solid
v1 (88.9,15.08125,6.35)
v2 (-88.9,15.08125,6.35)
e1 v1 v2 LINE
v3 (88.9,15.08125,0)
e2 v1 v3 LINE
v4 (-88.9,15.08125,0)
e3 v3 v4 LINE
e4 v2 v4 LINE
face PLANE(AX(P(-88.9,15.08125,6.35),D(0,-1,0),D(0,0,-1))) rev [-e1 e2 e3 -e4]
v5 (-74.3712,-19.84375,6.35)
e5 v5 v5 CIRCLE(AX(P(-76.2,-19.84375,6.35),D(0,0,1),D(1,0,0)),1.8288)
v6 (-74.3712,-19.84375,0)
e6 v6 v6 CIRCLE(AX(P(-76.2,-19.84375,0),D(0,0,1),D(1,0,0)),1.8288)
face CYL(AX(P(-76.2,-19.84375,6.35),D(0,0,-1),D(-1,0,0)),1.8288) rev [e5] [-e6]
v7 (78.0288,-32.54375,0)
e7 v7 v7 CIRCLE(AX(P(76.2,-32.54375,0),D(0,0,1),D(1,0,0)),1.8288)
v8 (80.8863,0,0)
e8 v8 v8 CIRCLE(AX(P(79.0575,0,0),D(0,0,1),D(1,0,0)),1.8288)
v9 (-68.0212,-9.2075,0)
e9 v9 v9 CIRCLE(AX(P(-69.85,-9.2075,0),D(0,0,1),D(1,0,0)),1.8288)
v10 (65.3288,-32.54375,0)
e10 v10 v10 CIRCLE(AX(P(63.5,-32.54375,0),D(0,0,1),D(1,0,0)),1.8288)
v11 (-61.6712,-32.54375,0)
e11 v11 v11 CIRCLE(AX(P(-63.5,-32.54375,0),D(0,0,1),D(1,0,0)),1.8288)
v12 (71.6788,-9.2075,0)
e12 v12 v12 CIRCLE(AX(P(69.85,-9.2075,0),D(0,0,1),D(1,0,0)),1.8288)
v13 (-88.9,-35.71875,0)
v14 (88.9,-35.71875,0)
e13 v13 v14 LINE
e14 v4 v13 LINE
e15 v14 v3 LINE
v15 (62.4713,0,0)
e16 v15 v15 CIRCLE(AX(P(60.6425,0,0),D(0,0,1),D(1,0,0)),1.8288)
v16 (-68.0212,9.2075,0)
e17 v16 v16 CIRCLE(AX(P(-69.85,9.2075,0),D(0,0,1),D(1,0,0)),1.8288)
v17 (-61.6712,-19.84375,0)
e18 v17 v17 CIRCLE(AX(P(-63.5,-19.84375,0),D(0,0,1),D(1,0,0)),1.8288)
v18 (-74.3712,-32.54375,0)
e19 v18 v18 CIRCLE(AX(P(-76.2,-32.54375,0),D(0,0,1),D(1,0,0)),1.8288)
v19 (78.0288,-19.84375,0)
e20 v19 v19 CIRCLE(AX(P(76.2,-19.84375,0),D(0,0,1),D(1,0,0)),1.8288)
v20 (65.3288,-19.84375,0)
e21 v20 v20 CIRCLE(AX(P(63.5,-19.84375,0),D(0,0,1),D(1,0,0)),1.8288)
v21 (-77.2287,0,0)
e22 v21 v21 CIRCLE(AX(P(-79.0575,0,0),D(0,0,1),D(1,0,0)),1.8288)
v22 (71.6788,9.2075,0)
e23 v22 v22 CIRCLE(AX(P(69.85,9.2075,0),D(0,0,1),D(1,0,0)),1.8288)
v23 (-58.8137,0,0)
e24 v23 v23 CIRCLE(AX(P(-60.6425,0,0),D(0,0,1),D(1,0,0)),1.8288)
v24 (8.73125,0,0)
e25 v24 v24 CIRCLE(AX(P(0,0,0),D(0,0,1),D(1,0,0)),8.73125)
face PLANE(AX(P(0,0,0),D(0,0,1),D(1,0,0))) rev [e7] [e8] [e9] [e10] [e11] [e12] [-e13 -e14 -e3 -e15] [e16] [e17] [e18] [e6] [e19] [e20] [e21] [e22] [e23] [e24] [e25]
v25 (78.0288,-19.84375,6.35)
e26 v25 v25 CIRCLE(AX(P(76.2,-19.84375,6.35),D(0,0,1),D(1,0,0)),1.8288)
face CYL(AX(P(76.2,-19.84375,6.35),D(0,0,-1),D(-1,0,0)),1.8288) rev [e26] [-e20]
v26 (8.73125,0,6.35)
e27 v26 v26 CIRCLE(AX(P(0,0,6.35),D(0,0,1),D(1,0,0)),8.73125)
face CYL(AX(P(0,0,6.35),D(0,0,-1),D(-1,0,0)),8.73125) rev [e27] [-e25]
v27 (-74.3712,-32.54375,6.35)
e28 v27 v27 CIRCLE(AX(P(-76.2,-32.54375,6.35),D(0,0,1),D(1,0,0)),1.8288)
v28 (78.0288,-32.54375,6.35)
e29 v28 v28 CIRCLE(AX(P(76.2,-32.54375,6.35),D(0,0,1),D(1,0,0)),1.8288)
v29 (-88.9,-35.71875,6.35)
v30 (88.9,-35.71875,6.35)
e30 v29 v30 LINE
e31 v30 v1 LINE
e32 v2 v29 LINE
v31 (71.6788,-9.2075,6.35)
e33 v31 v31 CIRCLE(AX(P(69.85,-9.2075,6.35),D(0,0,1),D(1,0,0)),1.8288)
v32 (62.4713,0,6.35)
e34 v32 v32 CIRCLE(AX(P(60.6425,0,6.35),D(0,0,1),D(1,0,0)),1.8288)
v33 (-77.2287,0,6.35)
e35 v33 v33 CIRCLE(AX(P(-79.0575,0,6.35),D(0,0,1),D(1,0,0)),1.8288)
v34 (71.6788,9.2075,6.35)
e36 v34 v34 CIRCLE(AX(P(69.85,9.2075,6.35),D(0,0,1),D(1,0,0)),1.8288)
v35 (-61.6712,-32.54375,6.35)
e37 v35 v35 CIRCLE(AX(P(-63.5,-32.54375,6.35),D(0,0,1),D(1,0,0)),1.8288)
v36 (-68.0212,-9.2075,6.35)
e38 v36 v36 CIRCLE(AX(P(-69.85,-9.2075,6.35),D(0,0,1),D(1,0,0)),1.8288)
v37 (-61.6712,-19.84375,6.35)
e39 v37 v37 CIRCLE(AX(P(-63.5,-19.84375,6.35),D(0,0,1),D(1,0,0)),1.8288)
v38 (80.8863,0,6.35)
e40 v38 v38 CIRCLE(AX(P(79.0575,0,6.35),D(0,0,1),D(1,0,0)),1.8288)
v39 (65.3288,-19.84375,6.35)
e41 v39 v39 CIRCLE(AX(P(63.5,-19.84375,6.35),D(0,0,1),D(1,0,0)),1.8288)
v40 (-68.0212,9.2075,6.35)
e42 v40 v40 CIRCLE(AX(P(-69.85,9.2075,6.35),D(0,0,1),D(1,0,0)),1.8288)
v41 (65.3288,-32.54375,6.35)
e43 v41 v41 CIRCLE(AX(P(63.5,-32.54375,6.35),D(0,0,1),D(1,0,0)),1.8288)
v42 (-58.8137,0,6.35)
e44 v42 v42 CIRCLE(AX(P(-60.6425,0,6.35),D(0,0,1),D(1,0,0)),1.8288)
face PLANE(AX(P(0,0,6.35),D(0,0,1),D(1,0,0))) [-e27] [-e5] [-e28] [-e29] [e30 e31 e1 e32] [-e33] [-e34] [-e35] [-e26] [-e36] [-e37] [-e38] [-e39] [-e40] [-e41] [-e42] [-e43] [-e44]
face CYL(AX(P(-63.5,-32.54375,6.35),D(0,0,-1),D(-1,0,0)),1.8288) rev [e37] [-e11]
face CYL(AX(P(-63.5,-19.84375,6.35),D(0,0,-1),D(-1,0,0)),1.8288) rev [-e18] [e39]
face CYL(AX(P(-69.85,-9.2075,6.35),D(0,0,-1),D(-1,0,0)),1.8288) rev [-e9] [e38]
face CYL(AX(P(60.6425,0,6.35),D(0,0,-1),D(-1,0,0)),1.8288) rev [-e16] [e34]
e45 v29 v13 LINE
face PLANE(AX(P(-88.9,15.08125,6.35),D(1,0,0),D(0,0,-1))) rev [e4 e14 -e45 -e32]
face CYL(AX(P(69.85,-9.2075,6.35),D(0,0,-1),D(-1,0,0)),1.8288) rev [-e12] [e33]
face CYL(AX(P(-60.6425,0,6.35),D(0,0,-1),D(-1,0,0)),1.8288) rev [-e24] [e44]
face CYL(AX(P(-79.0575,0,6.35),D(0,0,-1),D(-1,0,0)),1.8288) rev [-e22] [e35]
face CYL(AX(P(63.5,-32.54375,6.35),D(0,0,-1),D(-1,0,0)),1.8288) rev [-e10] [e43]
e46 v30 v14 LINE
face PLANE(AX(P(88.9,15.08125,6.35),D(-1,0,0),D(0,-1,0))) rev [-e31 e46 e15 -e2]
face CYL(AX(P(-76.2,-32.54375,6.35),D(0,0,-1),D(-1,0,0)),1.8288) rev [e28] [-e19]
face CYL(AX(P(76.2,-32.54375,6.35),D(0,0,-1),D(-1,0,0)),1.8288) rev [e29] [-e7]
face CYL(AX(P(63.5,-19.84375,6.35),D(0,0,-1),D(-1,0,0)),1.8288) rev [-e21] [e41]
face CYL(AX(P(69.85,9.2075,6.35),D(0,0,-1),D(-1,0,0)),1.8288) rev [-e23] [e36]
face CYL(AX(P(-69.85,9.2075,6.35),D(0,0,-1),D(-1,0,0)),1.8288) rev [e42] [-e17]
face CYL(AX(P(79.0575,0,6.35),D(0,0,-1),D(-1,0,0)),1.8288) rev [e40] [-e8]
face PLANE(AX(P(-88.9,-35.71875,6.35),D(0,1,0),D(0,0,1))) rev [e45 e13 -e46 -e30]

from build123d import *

# Parameters (mm, degrees)
SKETCH1_W           = 177.8
SKETCH1_H           = 50.8
SKETCH1_R           = 8.73125
SKETCH1_R_2         = 1.8288
BOSS_EXTRUDE1_DEPTH = 6.35


with BuildPart() as part:
    # Sketch1 → Boss-Extrude1 (new body)
    with BuildSketch(Plane.XY):
        with Locations((0, -10.31875)):
            Rectangle(SKETCH1_W, SKETCH1_H)
        Circle(SKETCH1_R, mode=Mode.SUBTRACT)
        with Locations((-79.0575, 0)):
            Circle(SKETCH1_R_2, mode=Mode.SUBTRACT)
        with Locations((-60.6425, 0)):
            Circle(SKETCH1_R_2, mode=Mode.SUBTRACT)
        with Locations((60.6425, 0)):
            Circle(SKETCH1_R_2, mode=Mode.SUBTRACT)
        with Locations((79.0575, 0)):
            Circle(SKETCH1_R_2, mode=Mode.SUBTRACT)
        with Locations((69.85, 9.2075)):
            Circle(SKETCH1_R_2, mode=Mode.SUBTRACT)
        with Locations((69.85, -9.2075)):
            Circle(SKETCH1_R_2, mode=Mode.SUBTRACT)
        with Locations((-69.85, 9.2075)):
            Circle(SKETCH1_R_2, mode=Mode.SUBTRACT)
        with Locations((-69.85, -9.2075)):
            Circle(SKETCH1_R_2, mode=Mode.SUBTRACT)
        with Locations((-76.2, -19.84375)):
            Circle(SKETCH1_R_2, mode=Mode.SUBTRACT)
        with Locations((-63.5, -19.84375)):
            Circle(SKETCH1_R_2, mode=Mode.SUBTRACT)
        with Locations((-63.5, -32.54375)):
            Circle(SKETCH1_R_2, mode=Mode.SUBTRACT)
        with Locations((-76.2, -32.54375)):
            Circle(SKETCH1_R_2, mode=Mode.SUBTRACT)
        with Locations((63.5, -19.84375)):
            Circle(SKETCH1_R_2, mode=Mode.SUBTRACT)
        with Locations((76.2, -19.84375)):
            Circle(SKETCH1_R_2, mode=Mode.SUBTRACT)
        with Locations((76.2, -32.54375)):
            Circle(SKETCH1_R_2, mode=Mode.SUBTRACT)
        with Locations((63.5, -32.54375)):
            Circle(SKETCH1_R_2, mode=Mode.SUBTRACT)
    extrude(amount=BOSS_EXTRUDE1_DEPTH)


solid = part.part
